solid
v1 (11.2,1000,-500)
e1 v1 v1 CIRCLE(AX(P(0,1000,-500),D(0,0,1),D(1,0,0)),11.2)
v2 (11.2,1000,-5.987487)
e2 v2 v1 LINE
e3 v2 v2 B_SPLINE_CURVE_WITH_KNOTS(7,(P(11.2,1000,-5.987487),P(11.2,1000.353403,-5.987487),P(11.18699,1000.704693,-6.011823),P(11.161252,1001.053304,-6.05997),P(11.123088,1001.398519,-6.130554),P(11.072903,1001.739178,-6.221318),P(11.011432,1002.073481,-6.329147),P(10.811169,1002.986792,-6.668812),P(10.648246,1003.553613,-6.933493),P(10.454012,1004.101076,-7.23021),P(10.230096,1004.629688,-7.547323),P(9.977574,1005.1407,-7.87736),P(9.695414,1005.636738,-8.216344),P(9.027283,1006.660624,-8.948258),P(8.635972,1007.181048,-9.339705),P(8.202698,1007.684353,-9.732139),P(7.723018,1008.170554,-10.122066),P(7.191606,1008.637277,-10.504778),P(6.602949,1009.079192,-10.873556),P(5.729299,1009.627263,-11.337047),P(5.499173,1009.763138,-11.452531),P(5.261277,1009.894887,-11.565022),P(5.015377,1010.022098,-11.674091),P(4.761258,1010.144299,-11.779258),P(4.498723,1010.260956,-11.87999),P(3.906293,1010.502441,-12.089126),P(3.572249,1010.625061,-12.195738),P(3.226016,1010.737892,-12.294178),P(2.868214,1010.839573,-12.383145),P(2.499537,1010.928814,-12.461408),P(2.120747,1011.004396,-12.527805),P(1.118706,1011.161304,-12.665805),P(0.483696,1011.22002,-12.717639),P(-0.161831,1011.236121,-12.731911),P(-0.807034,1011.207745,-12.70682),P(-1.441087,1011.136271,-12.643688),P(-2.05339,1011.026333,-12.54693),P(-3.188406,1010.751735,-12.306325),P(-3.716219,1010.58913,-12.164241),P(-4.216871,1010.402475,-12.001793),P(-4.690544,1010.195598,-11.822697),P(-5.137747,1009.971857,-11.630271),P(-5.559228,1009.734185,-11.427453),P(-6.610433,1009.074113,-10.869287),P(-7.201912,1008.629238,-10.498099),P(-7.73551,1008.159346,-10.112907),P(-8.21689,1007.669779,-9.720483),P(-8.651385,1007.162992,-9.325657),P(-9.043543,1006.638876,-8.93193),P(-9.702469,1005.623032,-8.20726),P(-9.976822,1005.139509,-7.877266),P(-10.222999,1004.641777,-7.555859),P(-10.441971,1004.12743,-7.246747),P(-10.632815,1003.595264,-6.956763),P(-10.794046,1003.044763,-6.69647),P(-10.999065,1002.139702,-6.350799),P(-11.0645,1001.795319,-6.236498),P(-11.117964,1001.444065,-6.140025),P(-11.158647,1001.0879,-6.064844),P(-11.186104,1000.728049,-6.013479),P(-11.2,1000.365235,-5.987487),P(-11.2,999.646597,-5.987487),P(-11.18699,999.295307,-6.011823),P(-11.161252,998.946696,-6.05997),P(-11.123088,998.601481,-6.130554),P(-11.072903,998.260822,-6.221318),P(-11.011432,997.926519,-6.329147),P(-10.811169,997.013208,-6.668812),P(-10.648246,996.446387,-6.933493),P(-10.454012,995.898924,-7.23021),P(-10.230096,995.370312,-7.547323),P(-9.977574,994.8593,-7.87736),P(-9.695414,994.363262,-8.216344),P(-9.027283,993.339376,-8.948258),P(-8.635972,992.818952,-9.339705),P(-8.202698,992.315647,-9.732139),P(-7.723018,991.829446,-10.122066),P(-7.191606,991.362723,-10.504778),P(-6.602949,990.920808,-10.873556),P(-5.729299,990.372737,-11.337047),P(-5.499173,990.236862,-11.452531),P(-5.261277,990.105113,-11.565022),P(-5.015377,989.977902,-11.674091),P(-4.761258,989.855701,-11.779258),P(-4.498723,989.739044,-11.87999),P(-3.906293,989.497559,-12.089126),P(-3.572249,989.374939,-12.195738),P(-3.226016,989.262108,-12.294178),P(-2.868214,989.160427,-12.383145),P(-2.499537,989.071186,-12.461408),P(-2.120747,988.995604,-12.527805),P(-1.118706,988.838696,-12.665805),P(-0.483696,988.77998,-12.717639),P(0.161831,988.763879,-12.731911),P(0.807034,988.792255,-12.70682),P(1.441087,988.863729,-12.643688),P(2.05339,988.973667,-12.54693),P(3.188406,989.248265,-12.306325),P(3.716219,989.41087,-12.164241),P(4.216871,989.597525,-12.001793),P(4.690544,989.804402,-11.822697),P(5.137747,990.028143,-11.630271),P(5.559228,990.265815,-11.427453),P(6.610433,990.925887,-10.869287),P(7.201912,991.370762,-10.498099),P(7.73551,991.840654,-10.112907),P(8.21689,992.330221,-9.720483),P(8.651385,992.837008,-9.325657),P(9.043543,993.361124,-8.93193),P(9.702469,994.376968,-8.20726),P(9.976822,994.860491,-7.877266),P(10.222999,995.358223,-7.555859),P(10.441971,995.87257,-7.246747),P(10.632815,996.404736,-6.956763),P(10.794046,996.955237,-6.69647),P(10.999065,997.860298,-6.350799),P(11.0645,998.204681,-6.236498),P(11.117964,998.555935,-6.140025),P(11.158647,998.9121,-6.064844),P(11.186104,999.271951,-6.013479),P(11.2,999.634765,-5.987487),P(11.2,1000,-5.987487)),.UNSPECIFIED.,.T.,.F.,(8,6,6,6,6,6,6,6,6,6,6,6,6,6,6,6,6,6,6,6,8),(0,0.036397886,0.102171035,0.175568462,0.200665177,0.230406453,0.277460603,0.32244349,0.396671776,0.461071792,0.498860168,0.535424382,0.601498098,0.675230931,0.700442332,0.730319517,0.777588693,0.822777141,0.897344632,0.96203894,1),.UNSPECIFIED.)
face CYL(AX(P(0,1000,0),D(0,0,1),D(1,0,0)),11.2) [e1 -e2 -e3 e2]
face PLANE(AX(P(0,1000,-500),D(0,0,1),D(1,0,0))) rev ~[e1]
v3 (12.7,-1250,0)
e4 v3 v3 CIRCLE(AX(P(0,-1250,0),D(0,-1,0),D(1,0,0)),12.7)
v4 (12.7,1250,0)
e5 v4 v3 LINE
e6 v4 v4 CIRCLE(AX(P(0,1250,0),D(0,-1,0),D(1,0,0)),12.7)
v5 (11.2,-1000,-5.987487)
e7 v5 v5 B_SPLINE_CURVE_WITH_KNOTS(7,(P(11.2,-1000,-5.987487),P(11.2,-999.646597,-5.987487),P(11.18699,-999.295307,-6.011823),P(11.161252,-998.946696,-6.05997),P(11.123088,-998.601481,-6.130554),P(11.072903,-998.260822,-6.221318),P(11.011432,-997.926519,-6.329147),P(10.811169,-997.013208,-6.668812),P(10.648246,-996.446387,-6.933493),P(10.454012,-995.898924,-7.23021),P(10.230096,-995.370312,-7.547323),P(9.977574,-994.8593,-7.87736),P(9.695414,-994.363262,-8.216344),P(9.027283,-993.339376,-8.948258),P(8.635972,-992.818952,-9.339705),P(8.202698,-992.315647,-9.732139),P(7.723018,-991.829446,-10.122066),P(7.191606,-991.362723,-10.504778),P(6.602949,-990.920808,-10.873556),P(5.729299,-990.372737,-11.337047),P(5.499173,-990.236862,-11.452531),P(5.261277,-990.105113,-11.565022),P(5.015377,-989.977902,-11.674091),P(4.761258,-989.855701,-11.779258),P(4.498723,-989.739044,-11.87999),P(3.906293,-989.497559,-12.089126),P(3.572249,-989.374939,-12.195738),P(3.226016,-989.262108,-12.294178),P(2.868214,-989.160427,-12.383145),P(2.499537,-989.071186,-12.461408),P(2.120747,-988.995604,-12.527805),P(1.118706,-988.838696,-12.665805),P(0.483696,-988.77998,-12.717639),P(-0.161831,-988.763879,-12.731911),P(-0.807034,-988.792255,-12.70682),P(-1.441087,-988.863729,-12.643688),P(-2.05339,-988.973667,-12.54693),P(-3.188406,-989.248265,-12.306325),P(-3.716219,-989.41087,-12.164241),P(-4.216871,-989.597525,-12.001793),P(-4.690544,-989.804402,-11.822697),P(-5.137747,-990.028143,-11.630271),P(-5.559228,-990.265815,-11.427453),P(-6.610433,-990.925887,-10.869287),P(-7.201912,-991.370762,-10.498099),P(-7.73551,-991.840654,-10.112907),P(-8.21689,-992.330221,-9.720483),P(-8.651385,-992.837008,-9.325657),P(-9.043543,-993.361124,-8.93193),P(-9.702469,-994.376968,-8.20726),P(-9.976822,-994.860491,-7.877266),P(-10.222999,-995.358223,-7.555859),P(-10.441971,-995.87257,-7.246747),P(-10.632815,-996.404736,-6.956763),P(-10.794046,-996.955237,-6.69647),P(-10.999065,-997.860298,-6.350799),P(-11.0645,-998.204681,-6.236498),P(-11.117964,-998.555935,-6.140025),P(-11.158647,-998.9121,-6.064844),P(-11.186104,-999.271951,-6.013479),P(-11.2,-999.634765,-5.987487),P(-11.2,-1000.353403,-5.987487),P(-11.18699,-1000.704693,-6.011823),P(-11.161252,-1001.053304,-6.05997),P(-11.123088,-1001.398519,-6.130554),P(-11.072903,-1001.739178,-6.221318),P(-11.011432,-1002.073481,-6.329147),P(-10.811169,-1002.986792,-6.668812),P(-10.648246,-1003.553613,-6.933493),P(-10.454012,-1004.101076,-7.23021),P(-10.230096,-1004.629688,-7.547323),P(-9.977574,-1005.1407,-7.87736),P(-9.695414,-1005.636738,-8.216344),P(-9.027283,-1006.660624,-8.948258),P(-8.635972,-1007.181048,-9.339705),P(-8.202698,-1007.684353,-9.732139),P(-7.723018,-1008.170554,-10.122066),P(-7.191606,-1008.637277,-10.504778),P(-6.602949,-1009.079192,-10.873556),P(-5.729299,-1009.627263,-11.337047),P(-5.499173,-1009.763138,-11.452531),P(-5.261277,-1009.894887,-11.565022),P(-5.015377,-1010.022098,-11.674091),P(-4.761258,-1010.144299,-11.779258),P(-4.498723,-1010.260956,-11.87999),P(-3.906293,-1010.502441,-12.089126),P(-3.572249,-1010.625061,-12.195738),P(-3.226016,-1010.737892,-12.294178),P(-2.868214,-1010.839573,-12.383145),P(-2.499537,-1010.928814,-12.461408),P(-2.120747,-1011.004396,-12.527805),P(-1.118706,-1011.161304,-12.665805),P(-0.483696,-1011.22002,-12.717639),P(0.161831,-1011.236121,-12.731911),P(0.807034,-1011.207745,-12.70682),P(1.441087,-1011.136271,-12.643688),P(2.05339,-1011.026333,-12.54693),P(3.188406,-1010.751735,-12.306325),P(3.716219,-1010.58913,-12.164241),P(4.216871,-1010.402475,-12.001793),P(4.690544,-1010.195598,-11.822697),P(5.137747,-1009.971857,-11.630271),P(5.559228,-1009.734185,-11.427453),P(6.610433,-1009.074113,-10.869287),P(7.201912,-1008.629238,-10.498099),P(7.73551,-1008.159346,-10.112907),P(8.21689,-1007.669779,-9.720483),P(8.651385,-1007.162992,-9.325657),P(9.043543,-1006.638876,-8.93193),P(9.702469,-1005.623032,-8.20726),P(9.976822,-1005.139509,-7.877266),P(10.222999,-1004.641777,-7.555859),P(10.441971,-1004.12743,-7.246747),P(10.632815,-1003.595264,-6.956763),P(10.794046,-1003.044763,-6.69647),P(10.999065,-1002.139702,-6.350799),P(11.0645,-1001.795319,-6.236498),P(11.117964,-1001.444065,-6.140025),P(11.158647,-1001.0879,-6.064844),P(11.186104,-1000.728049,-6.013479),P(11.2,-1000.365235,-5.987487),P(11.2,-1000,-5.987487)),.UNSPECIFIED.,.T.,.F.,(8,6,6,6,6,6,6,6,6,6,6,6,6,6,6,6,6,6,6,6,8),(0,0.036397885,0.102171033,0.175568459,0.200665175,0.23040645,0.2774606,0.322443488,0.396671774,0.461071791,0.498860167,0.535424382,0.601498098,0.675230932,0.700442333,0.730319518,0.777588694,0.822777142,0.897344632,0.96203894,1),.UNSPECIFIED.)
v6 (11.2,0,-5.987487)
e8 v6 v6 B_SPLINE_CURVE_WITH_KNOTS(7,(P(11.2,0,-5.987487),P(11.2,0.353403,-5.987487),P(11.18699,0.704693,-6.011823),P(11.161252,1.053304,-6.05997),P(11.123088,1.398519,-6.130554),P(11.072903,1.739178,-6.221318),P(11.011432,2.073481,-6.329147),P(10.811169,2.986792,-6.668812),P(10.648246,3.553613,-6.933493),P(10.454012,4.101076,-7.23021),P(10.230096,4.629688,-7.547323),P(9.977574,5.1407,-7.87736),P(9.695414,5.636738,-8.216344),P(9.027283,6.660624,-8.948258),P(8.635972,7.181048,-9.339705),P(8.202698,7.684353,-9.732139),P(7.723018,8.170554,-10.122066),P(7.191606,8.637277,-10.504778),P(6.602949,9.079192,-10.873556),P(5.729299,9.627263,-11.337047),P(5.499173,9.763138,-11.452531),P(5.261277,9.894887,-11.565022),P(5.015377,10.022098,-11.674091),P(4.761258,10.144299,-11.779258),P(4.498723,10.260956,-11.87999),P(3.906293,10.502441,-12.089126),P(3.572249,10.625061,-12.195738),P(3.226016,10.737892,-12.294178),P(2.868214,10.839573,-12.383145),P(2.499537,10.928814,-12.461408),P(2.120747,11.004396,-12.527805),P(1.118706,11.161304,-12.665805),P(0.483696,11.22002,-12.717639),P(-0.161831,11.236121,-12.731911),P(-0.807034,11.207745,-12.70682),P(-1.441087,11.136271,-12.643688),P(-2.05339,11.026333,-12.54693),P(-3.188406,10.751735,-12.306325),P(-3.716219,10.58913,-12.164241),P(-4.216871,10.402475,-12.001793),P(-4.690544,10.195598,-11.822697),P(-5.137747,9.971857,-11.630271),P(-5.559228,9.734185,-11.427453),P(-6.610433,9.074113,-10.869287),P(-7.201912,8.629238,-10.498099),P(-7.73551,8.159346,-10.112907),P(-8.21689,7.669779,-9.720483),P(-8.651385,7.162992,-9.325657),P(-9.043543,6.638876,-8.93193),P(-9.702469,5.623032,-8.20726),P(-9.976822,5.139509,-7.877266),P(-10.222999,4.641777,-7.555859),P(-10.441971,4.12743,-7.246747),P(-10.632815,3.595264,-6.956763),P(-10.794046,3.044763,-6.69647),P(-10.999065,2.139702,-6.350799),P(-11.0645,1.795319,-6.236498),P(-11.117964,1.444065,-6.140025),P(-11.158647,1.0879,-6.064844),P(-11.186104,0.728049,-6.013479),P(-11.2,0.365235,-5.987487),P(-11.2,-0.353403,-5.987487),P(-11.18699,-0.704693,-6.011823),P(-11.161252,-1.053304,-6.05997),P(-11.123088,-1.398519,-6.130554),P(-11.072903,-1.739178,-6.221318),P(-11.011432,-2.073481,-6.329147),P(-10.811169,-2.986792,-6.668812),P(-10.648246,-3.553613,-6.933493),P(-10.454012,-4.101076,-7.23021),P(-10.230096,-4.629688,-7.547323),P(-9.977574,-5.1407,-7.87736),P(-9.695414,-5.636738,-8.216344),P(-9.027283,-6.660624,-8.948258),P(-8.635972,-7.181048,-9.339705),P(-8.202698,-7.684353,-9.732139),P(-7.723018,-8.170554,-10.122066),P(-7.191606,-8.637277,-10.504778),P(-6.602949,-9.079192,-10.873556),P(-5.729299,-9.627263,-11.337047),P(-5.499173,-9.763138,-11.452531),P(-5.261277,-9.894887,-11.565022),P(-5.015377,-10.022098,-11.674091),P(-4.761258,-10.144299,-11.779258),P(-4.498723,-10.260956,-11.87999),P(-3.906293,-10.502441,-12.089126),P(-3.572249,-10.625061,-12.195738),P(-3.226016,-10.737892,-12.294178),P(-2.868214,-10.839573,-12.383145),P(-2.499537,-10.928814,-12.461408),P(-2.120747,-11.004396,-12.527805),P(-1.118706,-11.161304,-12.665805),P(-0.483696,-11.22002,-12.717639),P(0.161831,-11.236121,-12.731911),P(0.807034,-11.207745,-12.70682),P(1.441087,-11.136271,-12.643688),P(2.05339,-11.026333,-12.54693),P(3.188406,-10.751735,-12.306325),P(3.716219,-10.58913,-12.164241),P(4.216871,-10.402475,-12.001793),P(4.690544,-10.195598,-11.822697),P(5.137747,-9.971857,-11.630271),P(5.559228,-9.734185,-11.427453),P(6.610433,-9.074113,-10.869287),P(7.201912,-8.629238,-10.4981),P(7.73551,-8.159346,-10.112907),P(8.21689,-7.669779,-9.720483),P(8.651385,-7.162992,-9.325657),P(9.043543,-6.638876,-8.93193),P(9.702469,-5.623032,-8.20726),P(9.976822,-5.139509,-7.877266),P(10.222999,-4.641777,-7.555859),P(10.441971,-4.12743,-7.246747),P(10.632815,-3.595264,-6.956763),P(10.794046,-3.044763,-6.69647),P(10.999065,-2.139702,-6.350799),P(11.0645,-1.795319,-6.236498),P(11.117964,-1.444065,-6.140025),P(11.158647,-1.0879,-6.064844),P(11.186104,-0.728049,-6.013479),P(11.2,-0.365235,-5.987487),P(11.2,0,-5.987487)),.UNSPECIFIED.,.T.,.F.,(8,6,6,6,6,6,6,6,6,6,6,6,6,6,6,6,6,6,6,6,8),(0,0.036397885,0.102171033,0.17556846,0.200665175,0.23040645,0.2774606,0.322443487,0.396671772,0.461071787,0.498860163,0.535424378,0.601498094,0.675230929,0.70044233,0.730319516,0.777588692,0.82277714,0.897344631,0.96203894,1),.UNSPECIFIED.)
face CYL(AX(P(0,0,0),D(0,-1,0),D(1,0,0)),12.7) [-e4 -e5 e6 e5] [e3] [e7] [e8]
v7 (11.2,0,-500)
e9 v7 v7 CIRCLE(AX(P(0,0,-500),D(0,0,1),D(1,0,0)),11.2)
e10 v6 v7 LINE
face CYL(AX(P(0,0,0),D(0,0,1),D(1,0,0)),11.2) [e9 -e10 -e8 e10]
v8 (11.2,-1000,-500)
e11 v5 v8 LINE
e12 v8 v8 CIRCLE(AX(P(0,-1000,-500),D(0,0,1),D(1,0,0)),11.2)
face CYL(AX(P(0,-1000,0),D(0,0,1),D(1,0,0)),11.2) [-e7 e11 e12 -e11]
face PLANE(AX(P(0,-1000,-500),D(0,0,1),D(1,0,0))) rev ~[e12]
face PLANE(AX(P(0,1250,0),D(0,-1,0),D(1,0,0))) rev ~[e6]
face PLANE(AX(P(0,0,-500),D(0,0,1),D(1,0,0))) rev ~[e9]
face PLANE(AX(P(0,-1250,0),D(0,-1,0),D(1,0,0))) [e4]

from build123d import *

# Parameters (mm, degrees)
F0_R     = 12.7
F1_DEPTH = 1250
F2_R     = 11.2
F3_DEPTH = 500


with BuildPart() as f1:
    # F0 (on Front) → F1 (new body, symmetric)
    with BuildSketch(Plane.XZ):
        Circle(F0_R)
    extrude(amount=F1_DEPTH, both=True)

    # F2 (on Top) → F3 (join)
    with BuildSketch(Plane.XY):
        Circle(F2_R)
        with Locations((0, -1000)):
            Circle(F2_R)
        with Locations((0, 1000)):
            Circle(F2_R)
    extrude(amount=-F3_DEPTH)


solid = f1.part
